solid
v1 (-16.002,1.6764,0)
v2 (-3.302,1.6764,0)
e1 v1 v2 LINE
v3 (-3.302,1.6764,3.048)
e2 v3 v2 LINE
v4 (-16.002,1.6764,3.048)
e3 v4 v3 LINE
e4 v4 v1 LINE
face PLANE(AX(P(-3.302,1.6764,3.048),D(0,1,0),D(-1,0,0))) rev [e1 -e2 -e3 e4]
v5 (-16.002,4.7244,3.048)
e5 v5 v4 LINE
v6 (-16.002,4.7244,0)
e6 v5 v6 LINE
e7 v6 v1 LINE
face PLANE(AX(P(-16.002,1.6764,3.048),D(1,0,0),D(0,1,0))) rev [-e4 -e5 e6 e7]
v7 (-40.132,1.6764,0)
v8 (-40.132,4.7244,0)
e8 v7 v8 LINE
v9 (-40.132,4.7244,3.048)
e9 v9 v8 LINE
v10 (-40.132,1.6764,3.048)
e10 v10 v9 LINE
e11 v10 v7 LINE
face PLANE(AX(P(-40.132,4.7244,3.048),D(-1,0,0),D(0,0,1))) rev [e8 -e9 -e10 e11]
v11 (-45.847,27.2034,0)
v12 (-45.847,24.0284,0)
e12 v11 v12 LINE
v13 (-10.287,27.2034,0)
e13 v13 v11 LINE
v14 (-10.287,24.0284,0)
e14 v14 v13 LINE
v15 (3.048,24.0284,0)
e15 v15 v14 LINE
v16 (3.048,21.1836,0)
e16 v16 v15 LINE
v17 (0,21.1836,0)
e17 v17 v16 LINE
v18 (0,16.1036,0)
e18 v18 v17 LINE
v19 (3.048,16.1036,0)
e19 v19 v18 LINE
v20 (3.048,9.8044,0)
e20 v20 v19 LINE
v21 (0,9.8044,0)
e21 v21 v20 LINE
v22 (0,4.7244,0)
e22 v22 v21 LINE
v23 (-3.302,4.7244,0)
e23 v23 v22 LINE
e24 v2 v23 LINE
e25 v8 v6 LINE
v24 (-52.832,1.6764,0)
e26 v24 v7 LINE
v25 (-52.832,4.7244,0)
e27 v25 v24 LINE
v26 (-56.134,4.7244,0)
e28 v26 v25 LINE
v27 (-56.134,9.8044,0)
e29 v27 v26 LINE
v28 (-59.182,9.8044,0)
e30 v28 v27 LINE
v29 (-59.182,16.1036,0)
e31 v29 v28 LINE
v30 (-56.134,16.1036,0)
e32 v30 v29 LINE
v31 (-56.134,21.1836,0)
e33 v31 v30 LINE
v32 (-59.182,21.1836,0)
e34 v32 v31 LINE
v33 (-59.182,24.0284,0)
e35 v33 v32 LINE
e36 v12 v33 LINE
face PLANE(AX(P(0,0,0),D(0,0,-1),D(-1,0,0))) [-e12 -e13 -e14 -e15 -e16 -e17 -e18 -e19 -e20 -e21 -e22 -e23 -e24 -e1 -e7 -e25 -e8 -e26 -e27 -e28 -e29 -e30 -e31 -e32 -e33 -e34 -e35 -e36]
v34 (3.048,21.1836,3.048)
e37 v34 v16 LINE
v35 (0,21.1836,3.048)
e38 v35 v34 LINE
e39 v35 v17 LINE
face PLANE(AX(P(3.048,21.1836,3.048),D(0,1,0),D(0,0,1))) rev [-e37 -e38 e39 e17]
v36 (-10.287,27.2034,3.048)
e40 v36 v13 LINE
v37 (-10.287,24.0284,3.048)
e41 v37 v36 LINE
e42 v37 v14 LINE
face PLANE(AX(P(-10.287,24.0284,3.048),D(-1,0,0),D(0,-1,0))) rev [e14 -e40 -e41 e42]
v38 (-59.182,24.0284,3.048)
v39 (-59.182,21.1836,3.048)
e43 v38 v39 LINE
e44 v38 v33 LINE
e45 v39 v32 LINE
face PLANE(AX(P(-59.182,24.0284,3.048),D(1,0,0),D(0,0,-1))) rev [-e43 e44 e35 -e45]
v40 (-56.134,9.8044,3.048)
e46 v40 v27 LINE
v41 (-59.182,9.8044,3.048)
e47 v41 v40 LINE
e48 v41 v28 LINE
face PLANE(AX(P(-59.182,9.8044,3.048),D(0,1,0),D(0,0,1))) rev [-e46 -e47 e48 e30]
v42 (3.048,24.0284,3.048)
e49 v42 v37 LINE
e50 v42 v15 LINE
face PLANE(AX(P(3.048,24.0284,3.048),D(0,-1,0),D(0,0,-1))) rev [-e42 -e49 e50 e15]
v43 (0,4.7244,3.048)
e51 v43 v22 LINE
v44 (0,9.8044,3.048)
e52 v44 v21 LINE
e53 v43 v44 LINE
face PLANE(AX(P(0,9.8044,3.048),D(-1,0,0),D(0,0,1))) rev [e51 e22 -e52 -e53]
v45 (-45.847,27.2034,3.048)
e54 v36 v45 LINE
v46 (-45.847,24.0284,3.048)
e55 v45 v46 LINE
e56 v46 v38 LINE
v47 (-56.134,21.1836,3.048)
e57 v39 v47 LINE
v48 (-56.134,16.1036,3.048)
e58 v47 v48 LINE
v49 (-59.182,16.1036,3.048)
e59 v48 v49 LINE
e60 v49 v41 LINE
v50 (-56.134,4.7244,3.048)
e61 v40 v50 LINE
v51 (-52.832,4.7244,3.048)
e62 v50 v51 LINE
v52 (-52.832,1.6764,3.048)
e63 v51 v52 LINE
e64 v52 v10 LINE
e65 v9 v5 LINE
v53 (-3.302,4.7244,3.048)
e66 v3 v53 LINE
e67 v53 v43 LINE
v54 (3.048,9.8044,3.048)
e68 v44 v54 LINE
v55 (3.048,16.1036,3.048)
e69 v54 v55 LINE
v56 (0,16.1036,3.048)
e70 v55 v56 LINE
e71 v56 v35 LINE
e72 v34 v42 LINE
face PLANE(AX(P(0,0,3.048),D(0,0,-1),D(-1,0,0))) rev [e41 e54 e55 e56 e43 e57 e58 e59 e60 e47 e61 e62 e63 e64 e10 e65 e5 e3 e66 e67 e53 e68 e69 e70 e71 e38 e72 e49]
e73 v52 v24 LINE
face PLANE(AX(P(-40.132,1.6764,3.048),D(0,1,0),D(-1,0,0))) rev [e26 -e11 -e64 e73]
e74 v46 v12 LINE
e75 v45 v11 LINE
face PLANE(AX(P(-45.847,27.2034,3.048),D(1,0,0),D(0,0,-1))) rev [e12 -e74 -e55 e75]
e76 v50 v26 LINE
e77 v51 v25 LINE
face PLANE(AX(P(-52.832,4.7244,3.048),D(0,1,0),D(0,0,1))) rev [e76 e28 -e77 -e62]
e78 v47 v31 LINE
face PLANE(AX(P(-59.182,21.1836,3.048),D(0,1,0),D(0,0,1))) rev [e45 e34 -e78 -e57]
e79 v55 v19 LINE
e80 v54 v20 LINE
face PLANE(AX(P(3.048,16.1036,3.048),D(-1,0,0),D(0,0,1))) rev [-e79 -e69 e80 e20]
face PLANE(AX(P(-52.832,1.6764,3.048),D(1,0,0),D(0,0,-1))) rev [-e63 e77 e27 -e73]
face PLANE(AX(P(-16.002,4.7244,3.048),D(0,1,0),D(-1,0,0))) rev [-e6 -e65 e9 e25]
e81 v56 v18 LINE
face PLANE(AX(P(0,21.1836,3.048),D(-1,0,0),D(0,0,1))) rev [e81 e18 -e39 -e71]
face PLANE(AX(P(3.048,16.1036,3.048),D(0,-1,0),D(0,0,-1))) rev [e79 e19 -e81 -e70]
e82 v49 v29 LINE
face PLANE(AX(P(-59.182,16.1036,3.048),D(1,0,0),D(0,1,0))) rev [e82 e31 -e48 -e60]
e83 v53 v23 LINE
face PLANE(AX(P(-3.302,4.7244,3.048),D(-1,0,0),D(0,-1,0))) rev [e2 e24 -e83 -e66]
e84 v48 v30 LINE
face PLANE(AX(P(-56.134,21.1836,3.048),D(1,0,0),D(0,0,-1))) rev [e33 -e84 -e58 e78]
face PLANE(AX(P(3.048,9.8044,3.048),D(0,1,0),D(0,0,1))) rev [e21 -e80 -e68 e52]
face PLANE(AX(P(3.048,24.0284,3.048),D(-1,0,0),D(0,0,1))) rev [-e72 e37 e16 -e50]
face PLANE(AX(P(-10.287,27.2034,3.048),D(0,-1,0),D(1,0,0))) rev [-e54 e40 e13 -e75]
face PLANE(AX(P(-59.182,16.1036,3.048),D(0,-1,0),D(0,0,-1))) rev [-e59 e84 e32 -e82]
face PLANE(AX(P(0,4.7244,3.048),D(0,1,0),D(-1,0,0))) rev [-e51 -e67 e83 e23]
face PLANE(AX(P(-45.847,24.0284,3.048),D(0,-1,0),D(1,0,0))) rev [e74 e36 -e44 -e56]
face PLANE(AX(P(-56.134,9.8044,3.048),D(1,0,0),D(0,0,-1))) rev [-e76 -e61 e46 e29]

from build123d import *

# Parameters (mm, degrees)
BOSS_EXTRUDE1_DEPTH = 3.048


with BuildPart() as part:
    # Sketch1 → Boss-Extrude1 (new body)
    with BuildSketch(Plane.XY):
        Polygon((3.048, 9.8044), (0, 9.8044), (0, 4.7244), (-3.302, 4.7244), (-3.302, 1.6764), (-16.002, 1.6764), (-16.002, 4.7244), (-40.132, 4.7244), (-40.132, 1.6764), (-52.832, 1.6764), (-52.832, 4.7244), (-56.134, 4.7244), (-56.134, 9.8044), (-59.182, 9.8044), (-59.182, 16.1036), (-56.134, 16.1036), (-56.134, 21.1836), (-59.182, 21.1836), (-59.182, 24.0284), (-45.847, 24.0284), (-45.847, 27.2034), (-10.287, 27.2034), (-10.287, 24.0284), (3.048, 24.0284), (3.048, 21.1836), (0, 21.1836), (0, 16.1036), (3.048, 16.1036), align=None)
    extrude(amount=BOSS_EXTRUDE1_DEPTH)


solid = part.part
